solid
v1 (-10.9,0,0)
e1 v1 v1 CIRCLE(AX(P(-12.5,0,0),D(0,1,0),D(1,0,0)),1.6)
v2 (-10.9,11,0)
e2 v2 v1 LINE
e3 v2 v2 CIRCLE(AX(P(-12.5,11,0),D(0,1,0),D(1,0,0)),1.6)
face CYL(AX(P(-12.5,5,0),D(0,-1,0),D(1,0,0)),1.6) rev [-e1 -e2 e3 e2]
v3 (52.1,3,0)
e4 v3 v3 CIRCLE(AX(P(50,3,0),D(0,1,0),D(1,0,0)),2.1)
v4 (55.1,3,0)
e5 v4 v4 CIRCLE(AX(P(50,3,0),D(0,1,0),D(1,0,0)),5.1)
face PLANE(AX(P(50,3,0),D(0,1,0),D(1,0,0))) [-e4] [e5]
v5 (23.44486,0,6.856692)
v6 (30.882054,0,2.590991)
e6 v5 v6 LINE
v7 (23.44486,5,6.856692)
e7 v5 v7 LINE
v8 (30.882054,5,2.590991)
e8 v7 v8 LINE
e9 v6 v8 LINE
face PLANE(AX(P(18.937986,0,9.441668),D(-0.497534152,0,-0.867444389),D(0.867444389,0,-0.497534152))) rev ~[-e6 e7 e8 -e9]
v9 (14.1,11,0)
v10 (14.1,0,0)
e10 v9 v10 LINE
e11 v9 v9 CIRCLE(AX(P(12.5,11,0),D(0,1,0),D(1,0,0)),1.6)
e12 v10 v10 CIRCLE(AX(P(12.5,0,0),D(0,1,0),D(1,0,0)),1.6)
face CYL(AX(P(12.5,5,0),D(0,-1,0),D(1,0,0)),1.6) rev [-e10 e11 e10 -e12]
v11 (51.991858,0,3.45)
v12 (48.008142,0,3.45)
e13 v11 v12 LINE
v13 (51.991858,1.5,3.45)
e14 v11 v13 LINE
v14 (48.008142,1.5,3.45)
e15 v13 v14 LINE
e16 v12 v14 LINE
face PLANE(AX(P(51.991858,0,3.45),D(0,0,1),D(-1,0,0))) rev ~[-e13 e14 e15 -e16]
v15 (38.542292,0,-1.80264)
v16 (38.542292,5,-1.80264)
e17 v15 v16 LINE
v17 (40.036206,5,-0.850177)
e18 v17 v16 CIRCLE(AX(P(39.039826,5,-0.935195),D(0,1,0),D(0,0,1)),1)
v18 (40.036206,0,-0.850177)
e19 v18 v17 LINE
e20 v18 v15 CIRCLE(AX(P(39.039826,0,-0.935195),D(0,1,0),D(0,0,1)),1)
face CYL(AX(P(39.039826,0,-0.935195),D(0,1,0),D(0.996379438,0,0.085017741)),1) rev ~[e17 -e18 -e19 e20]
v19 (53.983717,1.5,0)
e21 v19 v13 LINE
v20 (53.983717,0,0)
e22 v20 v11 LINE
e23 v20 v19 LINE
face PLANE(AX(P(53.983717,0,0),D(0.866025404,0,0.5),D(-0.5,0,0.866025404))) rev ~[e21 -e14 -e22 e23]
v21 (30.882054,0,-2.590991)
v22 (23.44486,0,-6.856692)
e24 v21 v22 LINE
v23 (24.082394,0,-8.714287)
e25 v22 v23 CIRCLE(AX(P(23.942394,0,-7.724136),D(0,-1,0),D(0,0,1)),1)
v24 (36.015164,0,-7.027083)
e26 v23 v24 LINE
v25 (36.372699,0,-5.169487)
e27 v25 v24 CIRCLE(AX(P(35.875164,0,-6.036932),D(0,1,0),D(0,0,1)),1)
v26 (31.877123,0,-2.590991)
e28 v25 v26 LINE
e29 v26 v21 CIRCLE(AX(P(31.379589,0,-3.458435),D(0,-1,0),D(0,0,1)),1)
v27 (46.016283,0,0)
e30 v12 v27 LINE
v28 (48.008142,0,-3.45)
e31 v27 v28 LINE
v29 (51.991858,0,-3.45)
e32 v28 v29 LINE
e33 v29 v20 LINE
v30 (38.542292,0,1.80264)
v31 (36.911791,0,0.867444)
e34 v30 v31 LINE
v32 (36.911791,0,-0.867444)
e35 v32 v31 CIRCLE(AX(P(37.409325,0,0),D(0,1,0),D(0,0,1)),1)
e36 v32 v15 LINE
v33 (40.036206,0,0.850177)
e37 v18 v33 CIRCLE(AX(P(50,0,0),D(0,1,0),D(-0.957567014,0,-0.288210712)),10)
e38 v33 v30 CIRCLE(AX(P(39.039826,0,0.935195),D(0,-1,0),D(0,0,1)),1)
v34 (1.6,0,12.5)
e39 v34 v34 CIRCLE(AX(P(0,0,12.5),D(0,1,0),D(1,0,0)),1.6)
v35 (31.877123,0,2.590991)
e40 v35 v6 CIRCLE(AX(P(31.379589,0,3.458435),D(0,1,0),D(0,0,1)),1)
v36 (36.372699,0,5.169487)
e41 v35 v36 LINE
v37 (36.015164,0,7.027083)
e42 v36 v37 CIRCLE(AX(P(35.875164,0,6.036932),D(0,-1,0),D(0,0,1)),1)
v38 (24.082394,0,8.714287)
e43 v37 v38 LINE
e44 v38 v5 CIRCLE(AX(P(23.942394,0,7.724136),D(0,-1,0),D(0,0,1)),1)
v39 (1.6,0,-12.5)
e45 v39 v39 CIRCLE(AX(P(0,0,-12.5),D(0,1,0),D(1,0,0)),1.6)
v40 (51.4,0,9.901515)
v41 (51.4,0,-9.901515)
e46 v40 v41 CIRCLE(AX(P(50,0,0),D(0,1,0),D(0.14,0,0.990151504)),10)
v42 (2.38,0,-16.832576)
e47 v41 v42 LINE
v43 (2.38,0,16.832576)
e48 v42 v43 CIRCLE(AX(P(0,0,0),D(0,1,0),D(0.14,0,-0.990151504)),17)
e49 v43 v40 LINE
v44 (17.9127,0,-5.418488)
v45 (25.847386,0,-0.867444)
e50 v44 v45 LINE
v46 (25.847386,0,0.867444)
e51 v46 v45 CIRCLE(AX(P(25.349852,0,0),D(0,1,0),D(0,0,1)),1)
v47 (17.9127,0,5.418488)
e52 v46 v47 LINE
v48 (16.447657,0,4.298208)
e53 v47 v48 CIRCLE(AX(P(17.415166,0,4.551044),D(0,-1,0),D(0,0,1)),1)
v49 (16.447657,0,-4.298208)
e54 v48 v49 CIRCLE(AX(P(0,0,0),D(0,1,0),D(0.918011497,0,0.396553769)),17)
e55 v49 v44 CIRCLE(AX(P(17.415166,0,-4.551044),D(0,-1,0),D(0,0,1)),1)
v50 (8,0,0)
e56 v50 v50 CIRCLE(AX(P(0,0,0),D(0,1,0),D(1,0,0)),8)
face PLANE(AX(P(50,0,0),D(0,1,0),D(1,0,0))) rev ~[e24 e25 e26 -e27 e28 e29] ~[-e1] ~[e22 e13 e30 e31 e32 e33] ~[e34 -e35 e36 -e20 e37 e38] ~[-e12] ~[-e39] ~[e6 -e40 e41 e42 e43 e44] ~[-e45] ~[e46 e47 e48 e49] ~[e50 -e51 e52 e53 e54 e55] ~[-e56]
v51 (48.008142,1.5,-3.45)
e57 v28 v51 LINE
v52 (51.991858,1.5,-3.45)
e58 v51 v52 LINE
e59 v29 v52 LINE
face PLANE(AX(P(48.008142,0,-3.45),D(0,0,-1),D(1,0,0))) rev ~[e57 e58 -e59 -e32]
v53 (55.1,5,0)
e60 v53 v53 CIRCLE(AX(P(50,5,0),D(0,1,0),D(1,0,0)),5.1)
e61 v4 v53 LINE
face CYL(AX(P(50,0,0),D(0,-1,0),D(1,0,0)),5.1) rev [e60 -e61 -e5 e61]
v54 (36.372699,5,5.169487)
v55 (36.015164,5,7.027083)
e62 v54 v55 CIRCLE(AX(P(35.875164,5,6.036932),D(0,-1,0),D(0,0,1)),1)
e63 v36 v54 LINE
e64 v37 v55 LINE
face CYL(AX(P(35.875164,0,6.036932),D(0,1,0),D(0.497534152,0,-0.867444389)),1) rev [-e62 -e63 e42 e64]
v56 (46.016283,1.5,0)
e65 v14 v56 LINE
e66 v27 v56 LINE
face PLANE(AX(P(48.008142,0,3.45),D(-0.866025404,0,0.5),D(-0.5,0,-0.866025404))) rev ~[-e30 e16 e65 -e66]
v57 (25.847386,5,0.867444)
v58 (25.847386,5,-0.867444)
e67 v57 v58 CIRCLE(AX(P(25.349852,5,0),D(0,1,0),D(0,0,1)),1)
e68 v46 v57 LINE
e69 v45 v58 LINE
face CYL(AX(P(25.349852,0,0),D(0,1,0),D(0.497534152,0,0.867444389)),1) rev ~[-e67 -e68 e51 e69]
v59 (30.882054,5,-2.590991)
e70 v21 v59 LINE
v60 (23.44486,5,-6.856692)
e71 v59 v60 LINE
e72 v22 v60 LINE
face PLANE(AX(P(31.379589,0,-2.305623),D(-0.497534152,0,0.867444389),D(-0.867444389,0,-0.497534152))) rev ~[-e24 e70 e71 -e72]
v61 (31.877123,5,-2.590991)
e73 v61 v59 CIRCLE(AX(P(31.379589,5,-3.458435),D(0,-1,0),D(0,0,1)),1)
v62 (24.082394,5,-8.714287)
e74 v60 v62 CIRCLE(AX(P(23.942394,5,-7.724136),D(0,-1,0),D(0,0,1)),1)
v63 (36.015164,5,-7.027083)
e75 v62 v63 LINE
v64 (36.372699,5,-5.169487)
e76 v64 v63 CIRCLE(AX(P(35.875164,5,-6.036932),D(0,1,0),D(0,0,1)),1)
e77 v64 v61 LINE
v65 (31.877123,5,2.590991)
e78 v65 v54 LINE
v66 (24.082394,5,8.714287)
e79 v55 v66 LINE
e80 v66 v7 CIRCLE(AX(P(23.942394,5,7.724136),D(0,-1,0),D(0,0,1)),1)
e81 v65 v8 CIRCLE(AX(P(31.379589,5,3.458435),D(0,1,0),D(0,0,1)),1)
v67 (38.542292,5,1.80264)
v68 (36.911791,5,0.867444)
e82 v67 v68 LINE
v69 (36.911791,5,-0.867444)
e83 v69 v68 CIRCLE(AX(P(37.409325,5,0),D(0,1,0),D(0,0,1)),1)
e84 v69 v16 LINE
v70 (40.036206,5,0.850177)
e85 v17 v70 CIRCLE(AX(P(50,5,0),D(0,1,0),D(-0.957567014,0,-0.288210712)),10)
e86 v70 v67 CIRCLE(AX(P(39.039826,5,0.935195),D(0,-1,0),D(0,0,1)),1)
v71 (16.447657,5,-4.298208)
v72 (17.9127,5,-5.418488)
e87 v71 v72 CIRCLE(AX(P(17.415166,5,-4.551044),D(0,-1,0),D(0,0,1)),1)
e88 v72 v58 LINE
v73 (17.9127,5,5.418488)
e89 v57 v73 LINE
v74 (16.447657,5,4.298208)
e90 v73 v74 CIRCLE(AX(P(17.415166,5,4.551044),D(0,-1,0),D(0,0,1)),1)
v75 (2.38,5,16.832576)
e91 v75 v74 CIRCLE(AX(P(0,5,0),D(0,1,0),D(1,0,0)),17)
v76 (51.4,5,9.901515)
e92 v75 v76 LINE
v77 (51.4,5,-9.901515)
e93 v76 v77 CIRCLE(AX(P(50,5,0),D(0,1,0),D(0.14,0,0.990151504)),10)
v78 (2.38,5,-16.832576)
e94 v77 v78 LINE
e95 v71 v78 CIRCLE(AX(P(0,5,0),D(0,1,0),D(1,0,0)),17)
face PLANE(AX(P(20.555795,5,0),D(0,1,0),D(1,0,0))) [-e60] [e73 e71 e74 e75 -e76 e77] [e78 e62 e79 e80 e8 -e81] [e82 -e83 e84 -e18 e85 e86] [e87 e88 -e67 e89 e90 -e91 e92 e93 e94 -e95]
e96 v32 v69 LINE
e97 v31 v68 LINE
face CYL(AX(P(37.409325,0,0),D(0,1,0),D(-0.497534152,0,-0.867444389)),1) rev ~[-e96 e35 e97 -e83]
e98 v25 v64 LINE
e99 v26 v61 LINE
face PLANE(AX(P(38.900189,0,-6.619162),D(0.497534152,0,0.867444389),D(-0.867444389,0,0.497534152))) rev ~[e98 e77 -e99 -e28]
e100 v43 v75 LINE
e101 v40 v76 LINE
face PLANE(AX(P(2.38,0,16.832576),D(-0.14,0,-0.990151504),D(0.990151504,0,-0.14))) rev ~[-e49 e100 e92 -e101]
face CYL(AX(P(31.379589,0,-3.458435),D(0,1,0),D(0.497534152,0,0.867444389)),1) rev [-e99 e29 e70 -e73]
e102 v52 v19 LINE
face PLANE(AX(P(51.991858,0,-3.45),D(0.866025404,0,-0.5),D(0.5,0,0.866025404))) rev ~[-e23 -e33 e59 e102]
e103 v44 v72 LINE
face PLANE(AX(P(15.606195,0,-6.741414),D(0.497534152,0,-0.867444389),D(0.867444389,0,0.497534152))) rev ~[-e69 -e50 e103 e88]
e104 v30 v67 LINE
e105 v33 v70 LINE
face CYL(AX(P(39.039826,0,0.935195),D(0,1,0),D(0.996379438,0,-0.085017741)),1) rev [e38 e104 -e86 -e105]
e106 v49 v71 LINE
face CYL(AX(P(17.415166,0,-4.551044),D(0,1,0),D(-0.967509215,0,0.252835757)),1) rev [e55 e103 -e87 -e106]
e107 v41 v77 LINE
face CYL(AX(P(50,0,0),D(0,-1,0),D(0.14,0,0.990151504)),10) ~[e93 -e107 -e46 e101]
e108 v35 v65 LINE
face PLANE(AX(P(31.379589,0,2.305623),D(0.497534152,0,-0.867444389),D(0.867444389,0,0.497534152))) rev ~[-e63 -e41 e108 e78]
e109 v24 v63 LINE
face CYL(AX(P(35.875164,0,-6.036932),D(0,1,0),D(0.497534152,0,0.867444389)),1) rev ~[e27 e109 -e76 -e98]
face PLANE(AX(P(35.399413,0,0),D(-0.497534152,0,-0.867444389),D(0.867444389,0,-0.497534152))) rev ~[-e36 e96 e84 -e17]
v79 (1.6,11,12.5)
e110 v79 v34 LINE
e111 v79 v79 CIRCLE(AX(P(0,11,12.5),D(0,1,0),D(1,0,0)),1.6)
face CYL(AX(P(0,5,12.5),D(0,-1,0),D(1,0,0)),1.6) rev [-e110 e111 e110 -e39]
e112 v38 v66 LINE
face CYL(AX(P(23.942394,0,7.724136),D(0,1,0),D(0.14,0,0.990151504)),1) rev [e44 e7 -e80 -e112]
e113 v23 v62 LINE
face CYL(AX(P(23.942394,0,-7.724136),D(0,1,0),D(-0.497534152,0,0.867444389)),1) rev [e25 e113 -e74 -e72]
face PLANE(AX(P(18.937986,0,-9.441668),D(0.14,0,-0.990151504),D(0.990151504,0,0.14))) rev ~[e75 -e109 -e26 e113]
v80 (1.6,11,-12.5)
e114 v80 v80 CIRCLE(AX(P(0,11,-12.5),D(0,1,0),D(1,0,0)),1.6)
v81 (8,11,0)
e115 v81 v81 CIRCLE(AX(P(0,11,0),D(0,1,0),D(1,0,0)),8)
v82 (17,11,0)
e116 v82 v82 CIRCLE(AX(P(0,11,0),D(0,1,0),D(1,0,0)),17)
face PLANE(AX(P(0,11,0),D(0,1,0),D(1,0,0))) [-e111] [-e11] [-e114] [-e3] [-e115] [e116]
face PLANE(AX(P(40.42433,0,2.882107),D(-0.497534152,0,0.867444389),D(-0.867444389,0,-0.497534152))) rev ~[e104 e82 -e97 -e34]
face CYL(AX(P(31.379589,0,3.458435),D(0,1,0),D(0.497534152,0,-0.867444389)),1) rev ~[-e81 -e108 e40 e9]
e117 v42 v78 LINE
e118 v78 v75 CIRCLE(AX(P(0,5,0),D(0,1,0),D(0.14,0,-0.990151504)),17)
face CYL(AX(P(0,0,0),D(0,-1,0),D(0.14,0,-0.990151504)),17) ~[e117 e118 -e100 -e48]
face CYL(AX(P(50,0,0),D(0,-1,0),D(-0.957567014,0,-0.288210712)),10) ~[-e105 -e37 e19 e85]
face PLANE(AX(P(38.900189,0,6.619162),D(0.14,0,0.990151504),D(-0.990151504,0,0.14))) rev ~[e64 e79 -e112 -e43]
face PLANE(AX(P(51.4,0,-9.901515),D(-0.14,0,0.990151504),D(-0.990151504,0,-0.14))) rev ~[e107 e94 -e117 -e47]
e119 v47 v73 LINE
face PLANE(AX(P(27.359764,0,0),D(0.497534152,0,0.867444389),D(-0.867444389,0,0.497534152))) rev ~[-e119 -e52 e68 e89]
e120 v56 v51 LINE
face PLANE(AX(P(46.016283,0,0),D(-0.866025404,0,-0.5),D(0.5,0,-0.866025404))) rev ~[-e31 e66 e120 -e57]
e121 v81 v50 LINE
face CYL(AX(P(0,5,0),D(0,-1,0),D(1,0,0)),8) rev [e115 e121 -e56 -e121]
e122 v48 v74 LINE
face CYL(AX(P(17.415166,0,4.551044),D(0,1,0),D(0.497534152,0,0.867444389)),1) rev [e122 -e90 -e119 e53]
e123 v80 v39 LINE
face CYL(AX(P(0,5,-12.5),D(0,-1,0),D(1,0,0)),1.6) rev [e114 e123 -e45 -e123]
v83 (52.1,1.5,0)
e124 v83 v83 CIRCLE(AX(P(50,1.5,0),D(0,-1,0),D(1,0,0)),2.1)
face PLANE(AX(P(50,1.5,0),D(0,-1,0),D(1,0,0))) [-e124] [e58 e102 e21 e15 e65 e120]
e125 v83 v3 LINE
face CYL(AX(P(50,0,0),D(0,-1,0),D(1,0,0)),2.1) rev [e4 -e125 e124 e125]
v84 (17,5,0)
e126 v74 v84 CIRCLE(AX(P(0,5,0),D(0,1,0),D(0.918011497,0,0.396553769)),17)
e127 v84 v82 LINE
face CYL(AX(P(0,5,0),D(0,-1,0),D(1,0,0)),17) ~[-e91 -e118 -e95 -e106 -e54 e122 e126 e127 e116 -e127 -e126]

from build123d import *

# Parameters (mm, degrees)
SKETCH_1_R          = 1.6
SKETCH_1_R_2        = 8
SKETCH_1_R_3        = 5.1
EXTRUDE_1_DEPTH     = 5
SKETCH_1_3_R        = 5.1
SKETCH_1_3_R_2      = 2.1
EXTRUDE_2_DEPTH     = 3
FILLET_1_R          = 1
FILLET_2_R          = 1
FILLET_3_R          = 1
FILLET_4_R          = 1
CUT_EXTRUDE_1_DEPTH = 1.5
SKETCH_3_R          = 17
SKETCH_3_R_2        = 8
SKETCH_3_R_3        = 1.6
EXTRUDE_4_DEPTH     = 6


with BuildPart() as part:
    # 草图1 → 凸台-拉伸1 (new body)
    with BuildSketch(Plane(origin=(0, 0, 0), x_dir=(1, 0, 0), z_dir=(0, 1, 0))):
        with BuildLine():
            ThreePointArc((2.38, 16.832575561), (-17, 0), (2.38, -16.832575561))
            Line((2.38, -16.832575561), (51.4, -9.901515036))
            ThreePointArc((51.4, -9.901515036), (60, 0), (51.4, 9.901515036))
            Line((51.4, 9.901515036), (2.38, 16.832575561))
        make_face()
        with Locations((0, -12.5)):
            Circle(SKETCH_1_R, mode=Mode.SUBTRACT)
        Polygon((38.90018853, -6.619162403), (18.93798634, -9.441668148), (31.379588649, -2.305623307), align=None, mode=Mode.SUBTRACT)
        with Locations((-12.5, 0)):
            Circle(SKETCH_1_R, mode=Mode.SUBTRACT)
        Circle(SKETCH_1_R_2, mode=Mode.SUBTRACT)
        with Locations((12.5, 0)):
            Circle(SKETCH_1_R, mode=Mode.SUBTRACT)
        with BuildLine():
            ThreePointArc((15.606195444, -6.741414077), (17, 0), (15.606195444, 6.741414077))
            Line((15.606195444, 6.741414077), (27.359764097, 0))
            Line((27.359764097, 0), (15.606195444, -6.741414077))
        make_face(mode=Mode.SUBTRACT)
        with Locations((0, 12.5)):
            Circle(SKETCH_1_R, mode=Mode.SUBTRACT)
        with BuildLine():
            Line((40.424329865, -2.882107123), (35.399413201, 0))
            Line((35.399413201, 0), (40.424329865, 2.882107123))
            ThreePointArc((40.424329865, 2.882107123), (40, 0), (40.424329865, -2.882107123))
        make_face(mode=Mode.SUBTRACT)
        Polygon((31.379588649, 2.305623307), (18.93798634, 9.441668148), (38.90018853, 6.619162403), align=None, mode=Mode.SUBTRACT)
        with Locations((50, 0)):
            Circle(SKETCH_1_R_3, mode=Mode.SUBTRACT)
    extrude(amount=EXTRUDE_1_DEPTH)

    # 草图1<3> → 凸台-拉伸2 (add)
    with BuildSketch(Plane(origin=(0, 0, 0), x_dir=(1, 0, 0), z_dir=(0, 1, 0))):
        with Locations((50, 0)):
            Circle(SKETCH_1_3_R)
        with Locations((50, 0)):
            Circle(SKETCH_1_3_R_2, mode=Mode.SUBTRACT)
    extrude(amount=EXTRUDE_2_DEPTH)

    # 圆角1
    fillet_1_edges = [part.edges().sort_by_distance(p)[0] for p in [
        (35.399413201, 2.5, 0),
        (40.424329865, 2.5, -2.882107123),
        (40.424329865, 2.5, 2.882107123),
    ]]
    fillet(fillet_1_edges, radius=FILLET_1_R)

    # 圆角2
    fillet_2_edges = [part.edges().sort_by_distance(p)[0] for p in [
        (31.379588649, 2.5, 2.305623307),
        (18.93798634, 2.5, 9.441668148),
        (38.90018853, 2.5, 6.619162403),
    ]]
    fillet(fillet_2_edges, radius=FILLET_2_R)

    # 圆角3
    fillet_3_edges = [part.edges().sort_by_distance(p)[0] for p in [
        (18.93798634, 2.5, -9.441668148),
        (31.379588649, 2.5, -2.305623307),
        (38.90018853, 2.5, -6.619162403),
    ]]
    fillet(fillet_3_edges, radius=FILLET_3_R)

    # 圆角4
    fillet_4_edges = [part.edges().sort_by_distance(p)[0] for p in [
        (15.606195444, 2.5, -6.741414077),
        (27.359764097, 2.5, 0),
        (15.606195444, 2.5, 6.741414077),
    ]]
    fillet(fillet_4_edges, radius=FILLET_4_R)

    # 草图2 → 切除-拉伸1 (cut)
    with BuildSketch(Plane.XZ):
        Polygon((53.983716857, 0), (51.991858429, 3.45), (48.008141571, 3.45), (46.016283143, 0), (48.008141571, -3.45), (51.991858429, -3.45), align=None)
    extrude(amount=-CUT_EXTRUDE_1_DEPTH, mode=Mode.SUBTRACT)

    # 草图3 → 凸台-拉伸4 (add)
    with BuildSketch(Plane(origin=(0, 5, 0), x_dir=(1, 0, 0), z_dir=(0, 1, 0))):
        Circle(SKETCH_3_R)
        Circle(SKETCH_3_R_2, mode=Mode.SUBTRACT)
        with Locations((0, -12.5)):
            Circle(SKETCH_3_R_3, mode=Mode.SUBTRACT)
        with Locations((12.5, 0)):
            Circle(SKETCH_3_R_3, mode=Mode.SUBTRACT)
        with Locations((0, 12.5)):
            Circle(SKETCH_3_R_3, mode=Mode.SUBTRACT)
        with Locations((-12.5, 0)):
            Circle(SKETCH_3_R_3, mode=Mode.SUBTRACT)
    extrude(amount=EXTRUDE_4_DEPTH)


solid = part.part
